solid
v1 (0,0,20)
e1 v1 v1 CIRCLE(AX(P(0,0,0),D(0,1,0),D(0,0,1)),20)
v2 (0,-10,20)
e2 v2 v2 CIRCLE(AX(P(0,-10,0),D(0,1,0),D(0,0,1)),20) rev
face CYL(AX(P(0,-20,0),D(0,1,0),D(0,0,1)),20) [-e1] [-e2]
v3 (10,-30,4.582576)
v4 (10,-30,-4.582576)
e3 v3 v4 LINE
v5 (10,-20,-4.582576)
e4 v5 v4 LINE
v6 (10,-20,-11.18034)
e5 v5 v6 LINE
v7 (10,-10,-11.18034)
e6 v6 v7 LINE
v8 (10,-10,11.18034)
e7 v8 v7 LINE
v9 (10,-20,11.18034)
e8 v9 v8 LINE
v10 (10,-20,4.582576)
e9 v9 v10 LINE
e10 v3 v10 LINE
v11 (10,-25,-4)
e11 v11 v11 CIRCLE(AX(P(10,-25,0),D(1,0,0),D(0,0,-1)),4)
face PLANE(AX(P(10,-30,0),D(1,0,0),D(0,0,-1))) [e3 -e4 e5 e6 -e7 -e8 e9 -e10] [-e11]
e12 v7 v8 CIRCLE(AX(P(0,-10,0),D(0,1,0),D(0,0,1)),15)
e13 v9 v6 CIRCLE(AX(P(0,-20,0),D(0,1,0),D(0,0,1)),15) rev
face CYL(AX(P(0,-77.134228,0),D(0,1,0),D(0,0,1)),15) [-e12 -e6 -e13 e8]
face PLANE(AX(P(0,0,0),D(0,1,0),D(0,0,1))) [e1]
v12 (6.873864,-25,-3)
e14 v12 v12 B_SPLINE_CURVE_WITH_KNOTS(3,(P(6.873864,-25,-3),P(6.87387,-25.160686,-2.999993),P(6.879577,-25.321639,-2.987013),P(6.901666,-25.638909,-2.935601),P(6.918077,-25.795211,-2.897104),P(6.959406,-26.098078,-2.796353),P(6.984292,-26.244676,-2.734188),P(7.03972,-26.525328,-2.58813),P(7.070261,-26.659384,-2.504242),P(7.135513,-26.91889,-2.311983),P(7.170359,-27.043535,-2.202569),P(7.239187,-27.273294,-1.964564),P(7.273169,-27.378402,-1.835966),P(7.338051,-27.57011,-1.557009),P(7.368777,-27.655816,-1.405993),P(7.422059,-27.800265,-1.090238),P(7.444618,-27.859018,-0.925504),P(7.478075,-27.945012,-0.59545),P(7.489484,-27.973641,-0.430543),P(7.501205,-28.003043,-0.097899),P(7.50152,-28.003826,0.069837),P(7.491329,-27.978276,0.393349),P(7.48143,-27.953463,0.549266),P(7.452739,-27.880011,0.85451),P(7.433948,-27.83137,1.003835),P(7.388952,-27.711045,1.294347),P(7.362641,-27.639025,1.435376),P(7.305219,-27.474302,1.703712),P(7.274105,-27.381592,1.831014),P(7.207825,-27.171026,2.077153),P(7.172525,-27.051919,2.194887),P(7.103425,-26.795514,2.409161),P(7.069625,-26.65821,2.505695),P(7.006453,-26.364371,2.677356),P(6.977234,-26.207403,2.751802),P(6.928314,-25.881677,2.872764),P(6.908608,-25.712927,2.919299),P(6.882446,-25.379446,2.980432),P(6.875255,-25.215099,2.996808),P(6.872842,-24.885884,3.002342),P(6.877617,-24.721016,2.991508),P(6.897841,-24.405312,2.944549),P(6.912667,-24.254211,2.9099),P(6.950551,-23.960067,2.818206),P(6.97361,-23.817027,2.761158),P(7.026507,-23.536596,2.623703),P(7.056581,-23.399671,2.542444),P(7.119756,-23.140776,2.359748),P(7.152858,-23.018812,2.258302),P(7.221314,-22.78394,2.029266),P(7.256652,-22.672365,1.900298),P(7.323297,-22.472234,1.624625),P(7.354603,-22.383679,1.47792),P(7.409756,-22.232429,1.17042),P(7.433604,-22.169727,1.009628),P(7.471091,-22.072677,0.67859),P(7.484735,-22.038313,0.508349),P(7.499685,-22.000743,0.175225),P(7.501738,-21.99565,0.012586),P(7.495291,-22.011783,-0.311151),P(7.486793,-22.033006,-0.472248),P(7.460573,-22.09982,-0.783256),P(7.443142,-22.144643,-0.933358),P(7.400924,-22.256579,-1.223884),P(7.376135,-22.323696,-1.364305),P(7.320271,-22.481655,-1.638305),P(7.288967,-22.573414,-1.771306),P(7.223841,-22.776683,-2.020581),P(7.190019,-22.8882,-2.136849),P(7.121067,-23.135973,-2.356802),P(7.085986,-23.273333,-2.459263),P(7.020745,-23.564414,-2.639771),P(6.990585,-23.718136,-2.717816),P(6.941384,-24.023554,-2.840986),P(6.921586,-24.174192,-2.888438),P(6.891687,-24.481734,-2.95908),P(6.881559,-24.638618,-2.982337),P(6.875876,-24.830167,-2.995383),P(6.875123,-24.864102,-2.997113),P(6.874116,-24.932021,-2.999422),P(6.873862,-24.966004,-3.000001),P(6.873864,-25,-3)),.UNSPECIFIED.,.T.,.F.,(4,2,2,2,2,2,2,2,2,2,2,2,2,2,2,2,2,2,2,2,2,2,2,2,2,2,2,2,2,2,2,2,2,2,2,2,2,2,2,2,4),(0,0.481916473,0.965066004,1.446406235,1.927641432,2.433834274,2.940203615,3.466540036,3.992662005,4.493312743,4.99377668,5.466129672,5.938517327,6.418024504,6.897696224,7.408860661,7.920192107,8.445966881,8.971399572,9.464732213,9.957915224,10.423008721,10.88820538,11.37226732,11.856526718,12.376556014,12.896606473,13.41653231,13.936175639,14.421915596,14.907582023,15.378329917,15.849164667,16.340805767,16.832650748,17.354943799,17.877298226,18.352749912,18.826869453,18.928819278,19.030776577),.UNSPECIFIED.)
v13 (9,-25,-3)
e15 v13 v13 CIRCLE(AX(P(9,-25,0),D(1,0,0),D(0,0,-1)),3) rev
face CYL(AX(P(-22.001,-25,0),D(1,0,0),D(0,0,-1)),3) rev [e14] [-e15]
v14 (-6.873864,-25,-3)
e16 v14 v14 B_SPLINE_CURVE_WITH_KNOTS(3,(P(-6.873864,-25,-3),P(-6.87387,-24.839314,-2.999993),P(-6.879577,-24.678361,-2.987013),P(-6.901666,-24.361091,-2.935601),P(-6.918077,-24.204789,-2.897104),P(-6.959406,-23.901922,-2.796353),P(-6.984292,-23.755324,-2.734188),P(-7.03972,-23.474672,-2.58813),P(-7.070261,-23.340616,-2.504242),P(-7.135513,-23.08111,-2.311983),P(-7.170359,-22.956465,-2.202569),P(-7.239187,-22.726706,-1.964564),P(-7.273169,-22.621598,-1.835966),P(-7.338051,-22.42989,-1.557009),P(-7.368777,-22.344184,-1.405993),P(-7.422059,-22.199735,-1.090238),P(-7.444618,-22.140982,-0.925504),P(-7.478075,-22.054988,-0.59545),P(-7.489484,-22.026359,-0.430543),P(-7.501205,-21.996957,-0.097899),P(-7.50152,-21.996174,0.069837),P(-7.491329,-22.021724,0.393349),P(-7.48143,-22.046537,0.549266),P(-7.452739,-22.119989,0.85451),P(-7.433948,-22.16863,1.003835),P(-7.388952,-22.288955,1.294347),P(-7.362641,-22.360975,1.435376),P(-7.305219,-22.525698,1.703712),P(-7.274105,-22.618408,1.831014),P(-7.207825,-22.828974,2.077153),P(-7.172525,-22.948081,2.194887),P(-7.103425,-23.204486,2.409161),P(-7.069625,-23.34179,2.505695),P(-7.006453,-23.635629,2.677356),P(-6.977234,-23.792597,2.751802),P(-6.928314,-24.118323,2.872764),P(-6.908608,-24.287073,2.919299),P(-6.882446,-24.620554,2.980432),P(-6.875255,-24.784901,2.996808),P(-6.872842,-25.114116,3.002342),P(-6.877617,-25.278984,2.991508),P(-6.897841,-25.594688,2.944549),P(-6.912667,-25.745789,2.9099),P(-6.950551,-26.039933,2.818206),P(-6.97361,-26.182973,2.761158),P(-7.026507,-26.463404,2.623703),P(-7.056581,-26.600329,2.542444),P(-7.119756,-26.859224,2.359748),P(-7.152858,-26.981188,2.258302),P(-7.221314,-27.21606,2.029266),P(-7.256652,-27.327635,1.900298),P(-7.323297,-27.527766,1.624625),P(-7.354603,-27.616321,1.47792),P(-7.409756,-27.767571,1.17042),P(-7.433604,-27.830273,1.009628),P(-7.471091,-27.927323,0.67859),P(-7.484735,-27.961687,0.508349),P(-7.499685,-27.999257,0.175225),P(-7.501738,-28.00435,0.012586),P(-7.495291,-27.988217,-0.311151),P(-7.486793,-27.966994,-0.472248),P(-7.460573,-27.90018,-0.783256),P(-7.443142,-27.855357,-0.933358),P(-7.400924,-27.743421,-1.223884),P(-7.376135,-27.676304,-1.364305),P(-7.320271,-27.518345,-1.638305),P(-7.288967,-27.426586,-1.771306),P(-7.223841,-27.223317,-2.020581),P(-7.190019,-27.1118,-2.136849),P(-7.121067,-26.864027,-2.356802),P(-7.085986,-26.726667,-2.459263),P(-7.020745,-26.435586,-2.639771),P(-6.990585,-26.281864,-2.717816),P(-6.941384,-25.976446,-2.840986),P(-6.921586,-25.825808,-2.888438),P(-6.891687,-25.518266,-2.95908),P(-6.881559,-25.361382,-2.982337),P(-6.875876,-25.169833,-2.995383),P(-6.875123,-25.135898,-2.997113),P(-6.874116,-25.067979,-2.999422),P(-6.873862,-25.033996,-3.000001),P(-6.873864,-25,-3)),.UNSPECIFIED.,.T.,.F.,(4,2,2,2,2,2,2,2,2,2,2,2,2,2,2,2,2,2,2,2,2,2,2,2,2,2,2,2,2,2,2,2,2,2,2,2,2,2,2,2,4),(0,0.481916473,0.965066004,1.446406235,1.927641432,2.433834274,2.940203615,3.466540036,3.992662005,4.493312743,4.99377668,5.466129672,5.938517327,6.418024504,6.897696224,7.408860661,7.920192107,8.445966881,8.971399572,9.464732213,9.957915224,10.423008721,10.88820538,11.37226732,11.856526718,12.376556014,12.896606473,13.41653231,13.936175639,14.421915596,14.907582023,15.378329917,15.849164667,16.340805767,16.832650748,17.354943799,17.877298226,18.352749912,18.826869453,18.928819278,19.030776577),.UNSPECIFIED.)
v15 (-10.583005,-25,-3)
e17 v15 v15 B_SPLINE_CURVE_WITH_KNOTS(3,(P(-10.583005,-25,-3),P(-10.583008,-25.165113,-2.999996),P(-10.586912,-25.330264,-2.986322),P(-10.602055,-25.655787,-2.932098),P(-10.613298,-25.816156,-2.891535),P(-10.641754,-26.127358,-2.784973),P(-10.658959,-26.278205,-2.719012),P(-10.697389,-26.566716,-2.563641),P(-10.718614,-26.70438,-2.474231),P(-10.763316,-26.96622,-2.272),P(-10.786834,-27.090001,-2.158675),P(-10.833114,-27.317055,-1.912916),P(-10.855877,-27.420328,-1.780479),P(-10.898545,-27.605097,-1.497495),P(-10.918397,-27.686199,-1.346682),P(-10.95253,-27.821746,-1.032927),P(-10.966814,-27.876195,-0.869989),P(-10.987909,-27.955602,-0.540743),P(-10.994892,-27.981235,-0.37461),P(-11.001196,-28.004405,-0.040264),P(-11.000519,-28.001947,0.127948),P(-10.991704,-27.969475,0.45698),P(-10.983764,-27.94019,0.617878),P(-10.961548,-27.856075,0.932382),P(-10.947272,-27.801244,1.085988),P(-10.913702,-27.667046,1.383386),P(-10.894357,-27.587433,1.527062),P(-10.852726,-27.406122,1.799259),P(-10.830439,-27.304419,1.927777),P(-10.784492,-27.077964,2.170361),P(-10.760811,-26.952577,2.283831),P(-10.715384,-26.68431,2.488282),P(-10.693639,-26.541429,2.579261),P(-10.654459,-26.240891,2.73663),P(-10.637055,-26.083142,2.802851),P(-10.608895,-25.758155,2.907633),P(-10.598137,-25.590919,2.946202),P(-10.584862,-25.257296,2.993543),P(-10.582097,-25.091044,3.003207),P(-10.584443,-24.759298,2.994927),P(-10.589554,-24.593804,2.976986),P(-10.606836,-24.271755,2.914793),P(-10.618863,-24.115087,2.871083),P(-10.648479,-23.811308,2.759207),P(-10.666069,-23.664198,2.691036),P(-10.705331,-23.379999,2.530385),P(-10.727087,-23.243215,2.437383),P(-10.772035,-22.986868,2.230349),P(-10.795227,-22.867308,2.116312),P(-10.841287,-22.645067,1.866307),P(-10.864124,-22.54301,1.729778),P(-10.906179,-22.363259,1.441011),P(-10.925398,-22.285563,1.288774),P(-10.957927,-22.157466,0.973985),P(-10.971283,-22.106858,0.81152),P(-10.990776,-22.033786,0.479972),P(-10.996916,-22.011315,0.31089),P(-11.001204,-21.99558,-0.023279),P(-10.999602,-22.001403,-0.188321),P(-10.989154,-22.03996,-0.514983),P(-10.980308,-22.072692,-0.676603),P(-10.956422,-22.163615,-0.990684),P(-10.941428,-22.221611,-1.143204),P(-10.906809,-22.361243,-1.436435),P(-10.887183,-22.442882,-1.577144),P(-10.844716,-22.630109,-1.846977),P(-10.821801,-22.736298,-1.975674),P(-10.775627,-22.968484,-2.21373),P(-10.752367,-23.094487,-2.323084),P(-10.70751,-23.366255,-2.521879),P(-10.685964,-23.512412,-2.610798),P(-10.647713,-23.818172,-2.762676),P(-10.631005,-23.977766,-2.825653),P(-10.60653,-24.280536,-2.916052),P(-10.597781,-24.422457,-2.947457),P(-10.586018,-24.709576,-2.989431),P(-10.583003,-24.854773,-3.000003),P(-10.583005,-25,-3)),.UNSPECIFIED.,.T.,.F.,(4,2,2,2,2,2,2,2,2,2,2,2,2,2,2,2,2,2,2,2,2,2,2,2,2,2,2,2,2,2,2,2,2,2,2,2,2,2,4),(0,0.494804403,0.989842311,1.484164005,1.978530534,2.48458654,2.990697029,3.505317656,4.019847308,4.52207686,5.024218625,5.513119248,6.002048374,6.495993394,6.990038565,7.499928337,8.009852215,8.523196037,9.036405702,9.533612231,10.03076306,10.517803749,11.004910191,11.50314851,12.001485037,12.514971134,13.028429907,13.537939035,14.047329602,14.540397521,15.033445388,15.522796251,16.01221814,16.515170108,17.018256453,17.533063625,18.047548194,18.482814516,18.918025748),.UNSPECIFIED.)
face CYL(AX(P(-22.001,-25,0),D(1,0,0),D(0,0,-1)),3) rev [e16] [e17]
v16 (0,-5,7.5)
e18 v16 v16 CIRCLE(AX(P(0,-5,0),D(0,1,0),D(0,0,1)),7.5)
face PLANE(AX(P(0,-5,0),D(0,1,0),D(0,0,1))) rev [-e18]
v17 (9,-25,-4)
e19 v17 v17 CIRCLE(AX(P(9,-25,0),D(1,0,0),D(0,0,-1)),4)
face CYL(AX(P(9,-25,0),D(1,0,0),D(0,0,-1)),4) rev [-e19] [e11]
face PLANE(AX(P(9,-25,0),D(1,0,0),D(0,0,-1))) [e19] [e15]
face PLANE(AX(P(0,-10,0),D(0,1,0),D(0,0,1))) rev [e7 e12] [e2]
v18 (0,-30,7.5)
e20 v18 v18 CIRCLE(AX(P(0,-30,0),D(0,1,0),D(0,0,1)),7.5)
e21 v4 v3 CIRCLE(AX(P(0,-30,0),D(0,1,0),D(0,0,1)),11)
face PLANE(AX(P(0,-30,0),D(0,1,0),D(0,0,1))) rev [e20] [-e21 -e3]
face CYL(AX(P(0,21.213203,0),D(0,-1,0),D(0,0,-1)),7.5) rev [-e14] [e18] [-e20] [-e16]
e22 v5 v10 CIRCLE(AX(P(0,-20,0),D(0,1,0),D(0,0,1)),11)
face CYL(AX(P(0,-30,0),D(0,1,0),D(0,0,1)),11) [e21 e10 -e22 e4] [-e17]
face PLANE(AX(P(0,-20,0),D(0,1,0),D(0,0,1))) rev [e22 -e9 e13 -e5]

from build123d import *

# Parameters (mm, degrees)
SKETCH1_R           = 20
STOCK_DEPTH         = 20
CUT_EXTRUDE1_START  = -10
SKETCH2_OUTSIDE_W   = 54
SKETCH2_OUTSIDE_H   = 54
SKETCH2_OUTSIDE_R   = 15
CUT_EXTRUDE1_DEPTH  = 10
BOSS_EXTRUDE2_START = -20
SKETCH4_R           = 11
BOSS_EXTRUDE2_DEPTH = 10
MAINKEY_START       = -30
SKETCH3_W           = 10
SKETCH3_H           = 22.360679774
MAINKEY_DEPTH       = 20
CENTREBORE_START    = -30
SKETCH5_R           = 7.5
CENTREBORE_DEPTH    = 25
SKETCH6_R           = 3
HOLES_DEPTH         = 23.674794
SKETCH7_R           = 4
CUT_EXTRUDE4_DEPTH  = 1


with BuildPart() as part:
    # Sketch1 → Stock (new body)
    with BuildSketch(Plane(origin=(0, 0, 0), x_dir=(1, 0, 0), z_dir=(0, 1, 0))):
        Circle(SKETCH1_R)
    extrude(amount=-STOCK_DEPTH)

    # Sketch2 outside → Cut-Extrude1 (cut)
    with BuildSketch(Plane(origin=(0, 0, 0), x_dir=(1, 0, 0), z_dir=(0, 1, 0)).offset(CUT_EXTRUDE1_START)):
        Rectangle(SKETCH2_OUTSIDE_W, SKETCH2_OUTSIDE_H)
        Circle(SKETCH2_OUTSIDE_R, mode=Mode.SUBTRACT)
    extrude(amount=-CUT_EXTRUDE1_DEPTH, mode=Mode.SUBTRACT)

    # Sketch4 → Boss-Extrude2 (add)
    with BuildSketch(Plane(origin=(0, 0, 0), x_dir=(1, 0, 0), z_dir=(0, 1, 0)).offset(BOSS_EXTRUDE2_START)):
        Circle(SKETCH4_R)
    extrude(amount=-BOSS_EXTRUDE2_DEPTH)

    # Sketch3 → MainKey (cut)
    with BuildSketch(Plane(origin=(0, 0, 0), x_dir=(1, 0, 0), z_dir=(0, 1, 0)).offset(MAINKEY_START)):
        with Locations((15, 0)):
            Rectangle(SKETCH3_W, SKETCH3_H)
    extrude(amount=MAINKEY_DEPTH, mode=Mode.SUBTRACT)

    # Sketch5 → CentreBore (cut)
    with BuildSketch(Plane(origin=(0, 0, 0), x_dir=(1, 0, 0), z_dir=(0, 1, 0)).offset(CENTREBORE_START)):
        Circle(SKETCH5_R)
    extrude(amount=CENTREBORE_DEPTH, mode=Mode.SUBTRACT)

    # Sketch6 → Holes (cut)
    with BuildSketch(Plane(origin=(10, 0, 0), x_dir=(0, 0, -1), z_dir=(1, 0, 0))):
        with Locations((0, -25)):
            Circle(SKETCH6_R)
    extrude(amount=-HOLES_DEPTH, mode=Mode.SUBTRACT)

    # Sketch7 → Cut-Extrude4 (cut)
    with BuildSketch(Plane(origin=(10, 0, 0), x_dir=(0, 0, -1), z_dir=(1, 0, 0))):
        with Locations((0, -25)):
            Circle(SKETCH7_R)
    extrude(amount=-CUT_EXTRUDE4_DEPTH, mode=Mode.SUBTRACT)


solid = part.part
